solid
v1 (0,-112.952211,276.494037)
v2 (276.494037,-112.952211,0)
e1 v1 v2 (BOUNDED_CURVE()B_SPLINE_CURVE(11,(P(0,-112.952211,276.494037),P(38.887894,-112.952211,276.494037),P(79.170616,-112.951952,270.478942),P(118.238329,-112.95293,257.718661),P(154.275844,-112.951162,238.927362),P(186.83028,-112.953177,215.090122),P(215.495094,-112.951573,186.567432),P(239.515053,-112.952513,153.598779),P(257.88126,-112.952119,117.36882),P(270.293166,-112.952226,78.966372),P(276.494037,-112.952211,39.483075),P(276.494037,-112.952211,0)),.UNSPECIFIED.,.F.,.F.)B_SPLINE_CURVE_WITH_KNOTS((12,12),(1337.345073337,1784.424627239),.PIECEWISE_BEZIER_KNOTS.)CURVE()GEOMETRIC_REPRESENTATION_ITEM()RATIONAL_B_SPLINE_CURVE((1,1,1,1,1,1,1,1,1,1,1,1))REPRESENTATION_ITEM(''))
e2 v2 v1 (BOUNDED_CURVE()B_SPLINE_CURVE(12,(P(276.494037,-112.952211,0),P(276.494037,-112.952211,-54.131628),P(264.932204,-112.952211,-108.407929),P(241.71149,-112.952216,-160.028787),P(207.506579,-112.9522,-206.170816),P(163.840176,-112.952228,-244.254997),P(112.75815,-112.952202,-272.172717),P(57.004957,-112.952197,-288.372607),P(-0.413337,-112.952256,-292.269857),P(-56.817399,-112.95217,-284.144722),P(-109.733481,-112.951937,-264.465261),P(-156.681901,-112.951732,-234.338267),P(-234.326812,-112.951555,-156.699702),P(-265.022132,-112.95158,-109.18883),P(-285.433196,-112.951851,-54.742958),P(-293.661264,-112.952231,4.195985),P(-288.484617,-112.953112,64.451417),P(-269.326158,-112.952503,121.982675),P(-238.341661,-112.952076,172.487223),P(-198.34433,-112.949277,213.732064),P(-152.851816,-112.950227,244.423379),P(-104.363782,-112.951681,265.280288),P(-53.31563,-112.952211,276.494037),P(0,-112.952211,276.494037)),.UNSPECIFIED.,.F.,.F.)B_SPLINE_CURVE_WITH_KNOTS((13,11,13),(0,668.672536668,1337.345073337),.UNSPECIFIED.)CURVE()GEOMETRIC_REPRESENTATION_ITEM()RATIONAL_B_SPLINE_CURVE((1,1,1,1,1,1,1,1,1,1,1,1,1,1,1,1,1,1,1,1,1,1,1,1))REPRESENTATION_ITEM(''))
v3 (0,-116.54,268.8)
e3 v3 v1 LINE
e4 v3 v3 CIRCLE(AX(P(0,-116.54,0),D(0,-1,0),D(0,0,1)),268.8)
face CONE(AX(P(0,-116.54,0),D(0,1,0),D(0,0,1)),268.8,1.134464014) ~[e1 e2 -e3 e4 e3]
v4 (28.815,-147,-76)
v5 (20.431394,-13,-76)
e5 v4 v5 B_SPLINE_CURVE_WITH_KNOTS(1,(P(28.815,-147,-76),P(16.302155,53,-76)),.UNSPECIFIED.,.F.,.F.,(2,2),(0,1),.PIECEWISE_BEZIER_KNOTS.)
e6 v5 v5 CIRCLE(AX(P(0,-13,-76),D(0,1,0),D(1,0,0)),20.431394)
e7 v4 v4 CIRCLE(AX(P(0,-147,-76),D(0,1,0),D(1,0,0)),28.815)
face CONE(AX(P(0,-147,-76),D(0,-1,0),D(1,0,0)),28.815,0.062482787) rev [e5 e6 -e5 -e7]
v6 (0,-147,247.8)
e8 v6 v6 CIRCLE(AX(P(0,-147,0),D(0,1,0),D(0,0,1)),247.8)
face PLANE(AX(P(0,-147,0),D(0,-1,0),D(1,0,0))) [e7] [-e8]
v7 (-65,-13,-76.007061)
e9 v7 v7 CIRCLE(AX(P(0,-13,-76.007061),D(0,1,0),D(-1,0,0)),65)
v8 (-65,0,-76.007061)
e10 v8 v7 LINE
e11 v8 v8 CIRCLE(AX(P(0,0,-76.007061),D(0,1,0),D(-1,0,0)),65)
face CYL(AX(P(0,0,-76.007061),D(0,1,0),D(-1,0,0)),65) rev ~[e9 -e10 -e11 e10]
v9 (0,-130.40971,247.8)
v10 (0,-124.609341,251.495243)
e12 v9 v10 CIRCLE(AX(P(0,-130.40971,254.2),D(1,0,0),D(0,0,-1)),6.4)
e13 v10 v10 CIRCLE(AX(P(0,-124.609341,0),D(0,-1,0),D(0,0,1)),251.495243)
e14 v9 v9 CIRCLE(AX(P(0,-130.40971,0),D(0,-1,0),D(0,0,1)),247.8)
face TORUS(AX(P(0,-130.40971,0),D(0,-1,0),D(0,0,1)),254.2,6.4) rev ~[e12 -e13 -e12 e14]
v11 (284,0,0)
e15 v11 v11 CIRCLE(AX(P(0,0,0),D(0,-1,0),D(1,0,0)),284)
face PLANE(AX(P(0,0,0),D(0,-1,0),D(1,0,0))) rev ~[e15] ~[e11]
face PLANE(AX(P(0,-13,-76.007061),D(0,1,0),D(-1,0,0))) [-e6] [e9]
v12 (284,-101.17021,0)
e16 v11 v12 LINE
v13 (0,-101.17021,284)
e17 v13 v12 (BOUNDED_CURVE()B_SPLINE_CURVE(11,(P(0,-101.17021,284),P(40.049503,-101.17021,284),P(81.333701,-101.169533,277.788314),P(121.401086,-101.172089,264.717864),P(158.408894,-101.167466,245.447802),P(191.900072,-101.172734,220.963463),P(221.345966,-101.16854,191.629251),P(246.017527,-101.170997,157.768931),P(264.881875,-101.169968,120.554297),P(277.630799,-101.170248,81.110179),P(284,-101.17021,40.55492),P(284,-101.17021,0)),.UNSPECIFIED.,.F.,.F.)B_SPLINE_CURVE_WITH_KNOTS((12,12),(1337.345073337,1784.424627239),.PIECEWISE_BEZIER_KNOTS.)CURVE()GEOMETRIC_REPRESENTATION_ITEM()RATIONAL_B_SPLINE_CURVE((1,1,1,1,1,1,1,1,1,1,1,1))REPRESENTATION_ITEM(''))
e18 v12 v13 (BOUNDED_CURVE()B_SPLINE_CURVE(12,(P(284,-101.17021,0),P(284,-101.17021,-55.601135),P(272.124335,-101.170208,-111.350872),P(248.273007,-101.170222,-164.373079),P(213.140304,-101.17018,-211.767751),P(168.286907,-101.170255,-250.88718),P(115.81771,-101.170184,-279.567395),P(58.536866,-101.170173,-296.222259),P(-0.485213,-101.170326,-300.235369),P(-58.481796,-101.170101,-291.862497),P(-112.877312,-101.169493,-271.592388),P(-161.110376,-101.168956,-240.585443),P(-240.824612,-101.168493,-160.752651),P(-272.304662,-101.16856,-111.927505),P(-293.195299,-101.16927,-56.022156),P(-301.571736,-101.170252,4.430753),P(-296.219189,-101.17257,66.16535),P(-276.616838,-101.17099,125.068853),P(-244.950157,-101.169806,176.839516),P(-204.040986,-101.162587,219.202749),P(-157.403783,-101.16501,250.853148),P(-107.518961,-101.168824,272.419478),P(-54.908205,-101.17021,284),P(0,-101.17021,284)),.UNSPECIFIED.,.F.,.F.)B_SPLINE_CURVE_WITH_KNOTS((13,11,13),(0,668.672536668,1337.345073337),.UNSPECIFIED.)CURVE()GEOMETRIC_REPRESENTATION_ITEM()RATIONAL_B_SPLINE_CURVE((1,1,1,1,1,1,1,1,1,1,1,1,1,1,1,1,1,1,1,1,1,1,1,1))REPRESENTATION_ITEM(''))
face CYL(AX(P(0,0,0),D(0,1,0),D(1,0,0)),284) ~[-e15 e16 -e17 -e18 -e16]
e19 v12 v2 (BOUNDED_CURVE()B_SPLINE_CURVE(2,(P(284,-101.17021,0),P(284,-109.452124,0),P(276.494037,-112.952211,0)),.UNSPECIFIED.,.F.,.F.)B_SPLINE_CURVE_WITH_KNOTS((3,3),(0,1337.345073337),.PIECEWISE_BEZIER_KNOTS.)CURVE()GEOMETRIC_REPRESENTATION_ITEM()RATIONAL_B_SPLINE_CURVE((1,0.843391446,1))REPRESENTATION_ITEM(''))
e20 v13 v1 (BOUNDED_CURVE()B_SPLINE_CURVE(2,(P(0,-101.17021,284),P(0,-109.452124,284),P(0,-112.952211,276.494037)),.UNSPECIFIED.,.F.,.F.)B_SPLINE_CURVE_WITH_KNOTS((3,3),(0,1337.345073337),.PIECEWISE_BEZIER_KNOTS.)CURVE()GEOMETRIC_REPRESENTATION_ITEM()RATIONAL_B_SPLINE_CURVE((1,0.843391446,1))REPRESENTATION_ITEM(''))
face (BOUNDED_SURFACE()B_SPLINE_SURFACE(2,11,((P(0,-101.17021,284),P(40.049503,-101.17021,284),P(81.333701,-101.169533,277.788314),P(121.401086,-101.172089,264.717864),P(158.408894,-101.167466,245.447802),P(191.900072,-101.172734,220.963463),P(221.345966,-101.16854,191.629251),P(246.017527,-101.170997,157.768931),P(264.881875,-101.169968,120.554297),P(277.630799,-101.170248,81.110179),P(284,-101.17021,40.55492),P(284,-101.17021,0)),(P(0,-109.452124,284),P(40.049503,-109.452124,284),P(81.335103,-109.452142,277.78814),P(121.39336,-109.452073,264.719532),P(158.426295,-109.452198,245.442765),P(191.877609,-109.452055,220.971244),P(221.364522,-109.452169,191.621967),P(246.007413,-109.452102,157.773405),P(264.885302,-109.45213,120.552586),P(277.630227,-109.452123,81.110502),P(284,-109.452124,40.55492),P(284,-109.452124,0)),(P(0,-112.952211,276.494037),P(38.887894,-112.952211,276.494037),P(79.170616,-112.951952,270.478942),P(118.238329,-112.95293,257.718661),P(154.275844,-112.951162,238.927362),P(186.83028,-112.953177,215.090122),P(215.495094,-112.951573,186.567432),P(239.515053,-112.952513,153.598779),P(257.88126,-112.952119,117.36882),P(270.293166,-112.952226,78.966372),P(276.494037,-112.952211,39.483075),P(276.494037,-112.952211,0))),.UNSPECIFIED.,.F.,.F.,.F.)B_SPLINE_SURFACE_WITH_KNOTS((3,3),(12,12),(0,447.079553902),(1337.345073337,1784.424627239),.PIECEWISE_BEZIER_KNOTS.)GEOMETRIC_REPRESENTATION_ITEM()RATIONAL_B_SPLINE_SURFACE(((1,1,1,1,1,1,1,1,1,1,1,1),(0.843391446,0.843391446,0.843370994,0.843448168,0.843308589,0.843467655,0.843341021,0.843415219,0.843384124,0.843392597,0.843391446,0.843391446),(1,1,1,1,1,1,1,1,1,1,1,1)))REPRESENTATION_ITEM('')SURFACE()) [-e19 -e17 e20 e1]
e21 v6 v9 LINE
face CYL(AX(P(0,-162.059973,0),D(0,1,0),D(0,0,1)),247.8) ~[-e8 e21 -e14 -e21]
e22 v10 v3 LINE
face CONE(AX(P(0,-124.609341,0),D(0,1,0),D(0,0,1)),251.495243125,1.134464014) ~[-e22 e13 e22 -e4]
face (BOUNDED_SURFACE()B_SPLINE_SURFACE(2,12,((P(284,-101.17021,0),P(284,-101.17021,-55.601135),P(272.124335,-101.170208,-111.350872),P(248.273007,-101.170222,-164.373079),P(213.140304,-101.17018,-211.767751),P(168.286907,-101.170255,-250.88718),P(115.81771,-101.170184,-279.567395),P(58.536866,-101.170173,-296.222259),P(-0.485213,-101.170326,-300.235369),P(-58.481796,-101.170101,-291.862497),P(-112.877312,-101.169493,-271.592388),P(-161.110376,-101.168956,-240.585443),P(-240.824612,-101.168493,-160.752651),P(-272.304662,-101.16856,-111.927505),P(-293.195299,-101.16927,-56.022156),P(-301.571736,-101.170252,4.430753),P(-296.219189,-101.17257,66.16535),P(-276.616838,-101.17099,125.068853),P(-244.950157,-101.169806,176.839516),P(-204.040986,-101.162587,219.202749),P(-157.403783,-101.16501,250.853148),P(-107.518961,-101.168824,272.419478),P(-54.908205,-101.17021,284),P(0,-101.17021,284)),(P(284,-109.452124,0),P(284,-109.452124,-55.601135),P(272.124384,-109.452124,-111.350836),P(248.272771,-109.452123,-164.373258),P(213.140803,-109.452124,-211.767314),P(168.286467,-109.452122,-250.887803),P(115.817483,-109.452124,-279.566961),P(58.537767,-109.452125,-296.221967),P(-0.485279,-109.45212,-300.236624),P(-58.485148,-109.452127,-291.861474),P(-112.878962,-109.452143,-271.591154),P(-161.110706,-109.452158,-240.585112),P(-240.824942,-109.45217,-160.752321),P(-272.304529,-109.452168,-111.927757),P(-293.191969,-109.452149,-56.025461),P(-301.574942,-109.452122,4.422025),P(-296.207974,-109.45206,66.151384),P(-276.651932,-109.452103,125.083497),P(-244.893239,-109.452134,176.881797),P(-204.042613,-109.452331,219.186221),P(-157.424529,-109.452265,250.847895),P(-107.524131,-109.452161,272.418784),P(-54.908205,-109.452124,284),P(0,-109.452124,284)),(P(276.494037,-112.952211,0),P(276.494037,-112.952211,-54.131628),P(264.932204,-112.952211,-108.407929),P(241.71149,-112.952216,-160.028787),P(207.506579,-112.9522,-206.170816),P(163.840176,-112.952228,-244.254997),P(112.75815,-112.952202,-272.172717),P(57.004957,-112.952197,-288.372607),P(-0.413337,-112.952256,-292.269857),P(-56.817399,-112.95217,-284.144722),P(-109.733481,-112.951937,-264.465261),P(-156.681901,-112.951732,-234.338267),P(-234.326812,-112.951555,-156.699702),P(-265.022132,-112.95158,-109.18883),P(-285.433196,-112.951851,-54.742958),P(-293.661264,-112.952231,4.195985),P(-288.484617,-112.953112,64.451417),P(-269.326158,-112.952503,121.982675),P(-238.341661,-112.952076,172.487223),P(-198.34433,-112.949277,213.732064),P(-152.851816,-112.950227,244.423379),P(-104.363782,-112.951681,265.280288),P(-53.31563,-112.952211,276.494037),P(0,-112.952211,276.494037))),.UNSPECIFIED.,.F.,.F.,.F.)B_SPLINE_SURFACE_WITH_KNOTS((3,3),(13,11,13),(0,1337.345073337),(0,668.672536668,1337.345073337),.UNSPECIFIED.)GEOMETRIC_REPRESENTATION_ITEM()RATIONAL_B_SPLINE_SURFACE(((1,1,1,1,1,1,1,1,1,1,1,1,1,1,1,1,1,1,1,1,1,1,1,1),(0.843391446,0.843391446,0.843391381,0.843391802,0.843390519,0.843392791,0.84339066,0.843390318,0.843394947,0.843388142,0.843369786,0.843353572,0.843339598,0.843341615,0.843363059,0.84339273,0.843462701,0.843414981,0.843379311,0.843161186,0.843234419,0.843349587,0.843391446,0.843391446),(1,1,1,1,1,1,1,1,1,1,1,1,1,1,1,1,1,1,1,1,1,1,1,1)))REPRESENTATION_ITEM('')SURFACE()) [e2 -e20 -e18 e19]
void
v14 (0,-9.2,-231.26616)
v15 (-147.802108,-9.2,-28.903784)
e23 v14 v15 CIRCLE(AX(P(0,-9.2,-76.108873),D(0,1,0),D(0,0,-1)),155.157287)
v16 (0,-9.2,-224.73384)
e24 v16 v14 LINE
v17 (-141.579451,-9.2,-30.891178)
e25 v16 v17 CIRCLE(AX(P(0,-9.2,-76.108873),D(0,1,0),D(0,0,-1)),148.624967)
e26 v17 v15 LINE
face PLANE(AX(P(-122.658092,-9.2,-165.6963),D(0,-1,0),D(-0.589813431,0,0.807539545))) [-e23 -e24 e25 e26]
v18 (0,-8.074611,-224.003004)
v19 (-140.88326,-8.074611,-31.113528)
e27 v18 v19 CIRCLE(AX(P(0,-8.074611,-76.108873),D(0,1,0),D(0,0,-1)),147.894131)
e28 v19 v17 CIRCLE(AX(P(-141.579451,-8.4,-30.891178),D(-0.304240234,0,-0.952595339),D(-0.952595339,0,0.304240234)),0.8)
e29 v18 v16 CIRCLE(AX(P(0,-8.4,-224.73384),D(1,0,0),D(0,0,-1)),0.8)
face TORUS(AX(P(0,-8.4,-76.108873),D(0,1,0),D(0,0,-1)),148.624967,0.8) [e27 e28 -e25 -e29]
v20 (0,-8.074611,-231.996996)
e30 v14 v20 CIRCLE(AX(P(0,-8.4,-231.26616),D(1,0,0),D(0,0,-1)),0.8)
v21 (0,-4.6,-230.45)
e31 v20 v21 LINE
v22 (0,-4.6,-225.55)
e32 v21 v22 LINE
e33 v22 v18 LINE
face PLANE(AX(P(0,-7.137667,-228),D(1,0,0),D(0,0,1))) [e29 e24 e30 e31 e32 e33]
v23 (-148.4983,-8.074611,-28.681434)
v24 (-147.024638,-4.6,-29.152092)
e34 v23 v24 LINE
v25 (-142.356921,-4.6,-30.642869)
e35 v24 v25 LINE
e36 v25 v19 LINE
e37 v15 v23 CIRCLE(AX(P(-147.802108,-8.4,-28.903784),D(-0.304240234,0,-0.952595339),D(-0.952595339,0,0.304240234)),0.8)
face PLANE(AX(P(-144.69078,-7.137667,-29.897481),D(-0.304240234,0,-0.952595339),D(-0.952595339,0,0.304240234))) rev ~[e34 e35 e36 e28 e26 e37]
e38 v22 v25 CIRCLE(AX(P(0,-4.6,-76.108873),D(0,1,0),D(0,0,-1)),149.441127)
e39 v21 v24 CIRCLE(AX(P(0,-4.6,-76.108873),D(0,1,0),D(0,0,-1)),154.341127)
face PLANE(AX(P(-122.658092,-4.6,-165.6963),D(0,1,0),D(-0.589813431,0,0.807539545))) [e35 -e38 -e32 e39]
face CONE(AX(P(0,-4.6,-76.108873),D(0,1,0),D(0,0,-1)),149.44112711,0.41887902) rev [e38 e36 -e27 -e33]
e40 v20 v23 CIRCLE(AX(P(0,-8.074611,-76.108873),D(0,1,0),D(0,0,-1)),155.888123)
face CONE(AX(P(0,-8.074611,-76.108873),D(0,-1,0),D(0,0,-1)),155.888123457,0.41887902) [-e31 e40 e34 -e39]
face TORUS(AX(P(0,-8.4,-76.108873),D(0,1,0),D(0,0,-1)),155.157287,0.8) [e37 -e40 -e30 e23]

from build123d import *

# Parameters (mm, degrees)
F0_R     = 284
F1_DEPTH = 147
F3_D     = 40
F4_R     = 28.815
F5_DEPTH = 200
F5_TAPER = 3.58
F7_R     = 65
F8_DEPTH = 13
F11_R    = 13


with BuildPart() as f1:
    # F0 (on Front) → F1 (new body)
    with BuildSketch(Plane.XZ):
        Circle(F0_R)
    extrude(amount=F1_DEPTH)

    # F3 (through all)
    with Locations(Plane.XZ.offset(147)):
        with Locations((0, -76)):
            Hole(F3_D / 2)

    # F4 (on face) → F5 (cut)
    with BuildSketch(Plane.XZ.offset(147)):
        with Locations((0, -76)):
            Circle(F4_R)
    extrude(amount=-F5_DEPTH, taper=F5_TAPER, mode=Mode.SUBTRACT)

    # F7 (on face) → F8 (cut)
    with BuildSketch(Plane(origin=(0, 0, 0), x_dir=(-1, 0, 0), z_dir=(0, 1, 0))):
        with Locations((0, -76.0070607066)):
            Circle(F7_R)
    extrude(amount=-F8_DEPTH, mode=Mode.SUBTRACT)

    # F9 (on Right) → F10 (revolve, cut)
    with BuildSketch(Plane.YZ):
        with BuildLine():
            Line((-116.54, 268.8), (-102.9912134112, 297.8554666042))
            Line((-102.9912134112, 297.8554666042), (-166.7411327362, 297.8554666042))
            Line((-166.7411327362, 297.8554666042), (-150.4560261965, 257.221698761))
            Line((-150.4560261965, 257.221698761), (-162.0599727805, 247.8))
            Line((-162.0599727805, 247.8), (-130.4097104904, 247.8))
            ThreePointArc((-130.4097104904, 247.8), (-126.970992997, 248.8022947468), (-124.6093406534, 251.4952431249))
            Line((-124.6093406534, 251.4952431249), (-116.54, 268.8))
        make_face()
    revolve(axis=Axis((0, -103.910677135, 0), (0, -1, 0)), mode=Mode.SUBTRACT)

    # F11
    f11_edges = [f1.edges().sort_by_distance(p)[0] for p in [
        (-200.818326, -109.452124, -200.818326),
        (200.818326, -109.452124, 200.818326),
    ]]
    fillet(f11_edges, radius=F11_R)

    # F14: sweep along a path in F12
    with BuildLine(Plane(origin=(0, 0, 0), x_dir=(-1, 0, 0), z_dir=(0, 1, 0))) as f14_path:
        ThreePointArc((0, -228.1088728905), (122.7460108736, -165.7605143402), (144.7944915292, -29.8643572934))
    # F13 (on Right) → F14 (sweep, cut)
    with BuildSketch(Plane.YZ):
        with BuildLine():
            Line((-4.6, -230.45), (-4.6, -225.55))
            Line((-4.6, -225.55), (-8.0746106855, -224.0030036525))
            ThreePointArc((-8.0746106855, -224.0030036525), (-8.835711228, -224.0629035643), (-9.2, -224.7338400186))
            Line((-9.2, -224.7338400186), (-9.2, -227.7760519524))
            Line((-9.2, -227.7760519524), (-9.2, -228.2239480476))
            Line((-9.2, -228.2239480476), (-9.2, -231.2661599814))
            ThreePointArc((-9.2, -231.2661599814), (-8.835711228, -231.9370964357), (-8.0746106855, -231.9969963475))
            Line((-8.0746106855, -231.9969963475), (-4.6, -230.45))
        make_face()
    sweep(path=f14_path.line, mode=Mode.SUBTRACT)


solid = f1.part
